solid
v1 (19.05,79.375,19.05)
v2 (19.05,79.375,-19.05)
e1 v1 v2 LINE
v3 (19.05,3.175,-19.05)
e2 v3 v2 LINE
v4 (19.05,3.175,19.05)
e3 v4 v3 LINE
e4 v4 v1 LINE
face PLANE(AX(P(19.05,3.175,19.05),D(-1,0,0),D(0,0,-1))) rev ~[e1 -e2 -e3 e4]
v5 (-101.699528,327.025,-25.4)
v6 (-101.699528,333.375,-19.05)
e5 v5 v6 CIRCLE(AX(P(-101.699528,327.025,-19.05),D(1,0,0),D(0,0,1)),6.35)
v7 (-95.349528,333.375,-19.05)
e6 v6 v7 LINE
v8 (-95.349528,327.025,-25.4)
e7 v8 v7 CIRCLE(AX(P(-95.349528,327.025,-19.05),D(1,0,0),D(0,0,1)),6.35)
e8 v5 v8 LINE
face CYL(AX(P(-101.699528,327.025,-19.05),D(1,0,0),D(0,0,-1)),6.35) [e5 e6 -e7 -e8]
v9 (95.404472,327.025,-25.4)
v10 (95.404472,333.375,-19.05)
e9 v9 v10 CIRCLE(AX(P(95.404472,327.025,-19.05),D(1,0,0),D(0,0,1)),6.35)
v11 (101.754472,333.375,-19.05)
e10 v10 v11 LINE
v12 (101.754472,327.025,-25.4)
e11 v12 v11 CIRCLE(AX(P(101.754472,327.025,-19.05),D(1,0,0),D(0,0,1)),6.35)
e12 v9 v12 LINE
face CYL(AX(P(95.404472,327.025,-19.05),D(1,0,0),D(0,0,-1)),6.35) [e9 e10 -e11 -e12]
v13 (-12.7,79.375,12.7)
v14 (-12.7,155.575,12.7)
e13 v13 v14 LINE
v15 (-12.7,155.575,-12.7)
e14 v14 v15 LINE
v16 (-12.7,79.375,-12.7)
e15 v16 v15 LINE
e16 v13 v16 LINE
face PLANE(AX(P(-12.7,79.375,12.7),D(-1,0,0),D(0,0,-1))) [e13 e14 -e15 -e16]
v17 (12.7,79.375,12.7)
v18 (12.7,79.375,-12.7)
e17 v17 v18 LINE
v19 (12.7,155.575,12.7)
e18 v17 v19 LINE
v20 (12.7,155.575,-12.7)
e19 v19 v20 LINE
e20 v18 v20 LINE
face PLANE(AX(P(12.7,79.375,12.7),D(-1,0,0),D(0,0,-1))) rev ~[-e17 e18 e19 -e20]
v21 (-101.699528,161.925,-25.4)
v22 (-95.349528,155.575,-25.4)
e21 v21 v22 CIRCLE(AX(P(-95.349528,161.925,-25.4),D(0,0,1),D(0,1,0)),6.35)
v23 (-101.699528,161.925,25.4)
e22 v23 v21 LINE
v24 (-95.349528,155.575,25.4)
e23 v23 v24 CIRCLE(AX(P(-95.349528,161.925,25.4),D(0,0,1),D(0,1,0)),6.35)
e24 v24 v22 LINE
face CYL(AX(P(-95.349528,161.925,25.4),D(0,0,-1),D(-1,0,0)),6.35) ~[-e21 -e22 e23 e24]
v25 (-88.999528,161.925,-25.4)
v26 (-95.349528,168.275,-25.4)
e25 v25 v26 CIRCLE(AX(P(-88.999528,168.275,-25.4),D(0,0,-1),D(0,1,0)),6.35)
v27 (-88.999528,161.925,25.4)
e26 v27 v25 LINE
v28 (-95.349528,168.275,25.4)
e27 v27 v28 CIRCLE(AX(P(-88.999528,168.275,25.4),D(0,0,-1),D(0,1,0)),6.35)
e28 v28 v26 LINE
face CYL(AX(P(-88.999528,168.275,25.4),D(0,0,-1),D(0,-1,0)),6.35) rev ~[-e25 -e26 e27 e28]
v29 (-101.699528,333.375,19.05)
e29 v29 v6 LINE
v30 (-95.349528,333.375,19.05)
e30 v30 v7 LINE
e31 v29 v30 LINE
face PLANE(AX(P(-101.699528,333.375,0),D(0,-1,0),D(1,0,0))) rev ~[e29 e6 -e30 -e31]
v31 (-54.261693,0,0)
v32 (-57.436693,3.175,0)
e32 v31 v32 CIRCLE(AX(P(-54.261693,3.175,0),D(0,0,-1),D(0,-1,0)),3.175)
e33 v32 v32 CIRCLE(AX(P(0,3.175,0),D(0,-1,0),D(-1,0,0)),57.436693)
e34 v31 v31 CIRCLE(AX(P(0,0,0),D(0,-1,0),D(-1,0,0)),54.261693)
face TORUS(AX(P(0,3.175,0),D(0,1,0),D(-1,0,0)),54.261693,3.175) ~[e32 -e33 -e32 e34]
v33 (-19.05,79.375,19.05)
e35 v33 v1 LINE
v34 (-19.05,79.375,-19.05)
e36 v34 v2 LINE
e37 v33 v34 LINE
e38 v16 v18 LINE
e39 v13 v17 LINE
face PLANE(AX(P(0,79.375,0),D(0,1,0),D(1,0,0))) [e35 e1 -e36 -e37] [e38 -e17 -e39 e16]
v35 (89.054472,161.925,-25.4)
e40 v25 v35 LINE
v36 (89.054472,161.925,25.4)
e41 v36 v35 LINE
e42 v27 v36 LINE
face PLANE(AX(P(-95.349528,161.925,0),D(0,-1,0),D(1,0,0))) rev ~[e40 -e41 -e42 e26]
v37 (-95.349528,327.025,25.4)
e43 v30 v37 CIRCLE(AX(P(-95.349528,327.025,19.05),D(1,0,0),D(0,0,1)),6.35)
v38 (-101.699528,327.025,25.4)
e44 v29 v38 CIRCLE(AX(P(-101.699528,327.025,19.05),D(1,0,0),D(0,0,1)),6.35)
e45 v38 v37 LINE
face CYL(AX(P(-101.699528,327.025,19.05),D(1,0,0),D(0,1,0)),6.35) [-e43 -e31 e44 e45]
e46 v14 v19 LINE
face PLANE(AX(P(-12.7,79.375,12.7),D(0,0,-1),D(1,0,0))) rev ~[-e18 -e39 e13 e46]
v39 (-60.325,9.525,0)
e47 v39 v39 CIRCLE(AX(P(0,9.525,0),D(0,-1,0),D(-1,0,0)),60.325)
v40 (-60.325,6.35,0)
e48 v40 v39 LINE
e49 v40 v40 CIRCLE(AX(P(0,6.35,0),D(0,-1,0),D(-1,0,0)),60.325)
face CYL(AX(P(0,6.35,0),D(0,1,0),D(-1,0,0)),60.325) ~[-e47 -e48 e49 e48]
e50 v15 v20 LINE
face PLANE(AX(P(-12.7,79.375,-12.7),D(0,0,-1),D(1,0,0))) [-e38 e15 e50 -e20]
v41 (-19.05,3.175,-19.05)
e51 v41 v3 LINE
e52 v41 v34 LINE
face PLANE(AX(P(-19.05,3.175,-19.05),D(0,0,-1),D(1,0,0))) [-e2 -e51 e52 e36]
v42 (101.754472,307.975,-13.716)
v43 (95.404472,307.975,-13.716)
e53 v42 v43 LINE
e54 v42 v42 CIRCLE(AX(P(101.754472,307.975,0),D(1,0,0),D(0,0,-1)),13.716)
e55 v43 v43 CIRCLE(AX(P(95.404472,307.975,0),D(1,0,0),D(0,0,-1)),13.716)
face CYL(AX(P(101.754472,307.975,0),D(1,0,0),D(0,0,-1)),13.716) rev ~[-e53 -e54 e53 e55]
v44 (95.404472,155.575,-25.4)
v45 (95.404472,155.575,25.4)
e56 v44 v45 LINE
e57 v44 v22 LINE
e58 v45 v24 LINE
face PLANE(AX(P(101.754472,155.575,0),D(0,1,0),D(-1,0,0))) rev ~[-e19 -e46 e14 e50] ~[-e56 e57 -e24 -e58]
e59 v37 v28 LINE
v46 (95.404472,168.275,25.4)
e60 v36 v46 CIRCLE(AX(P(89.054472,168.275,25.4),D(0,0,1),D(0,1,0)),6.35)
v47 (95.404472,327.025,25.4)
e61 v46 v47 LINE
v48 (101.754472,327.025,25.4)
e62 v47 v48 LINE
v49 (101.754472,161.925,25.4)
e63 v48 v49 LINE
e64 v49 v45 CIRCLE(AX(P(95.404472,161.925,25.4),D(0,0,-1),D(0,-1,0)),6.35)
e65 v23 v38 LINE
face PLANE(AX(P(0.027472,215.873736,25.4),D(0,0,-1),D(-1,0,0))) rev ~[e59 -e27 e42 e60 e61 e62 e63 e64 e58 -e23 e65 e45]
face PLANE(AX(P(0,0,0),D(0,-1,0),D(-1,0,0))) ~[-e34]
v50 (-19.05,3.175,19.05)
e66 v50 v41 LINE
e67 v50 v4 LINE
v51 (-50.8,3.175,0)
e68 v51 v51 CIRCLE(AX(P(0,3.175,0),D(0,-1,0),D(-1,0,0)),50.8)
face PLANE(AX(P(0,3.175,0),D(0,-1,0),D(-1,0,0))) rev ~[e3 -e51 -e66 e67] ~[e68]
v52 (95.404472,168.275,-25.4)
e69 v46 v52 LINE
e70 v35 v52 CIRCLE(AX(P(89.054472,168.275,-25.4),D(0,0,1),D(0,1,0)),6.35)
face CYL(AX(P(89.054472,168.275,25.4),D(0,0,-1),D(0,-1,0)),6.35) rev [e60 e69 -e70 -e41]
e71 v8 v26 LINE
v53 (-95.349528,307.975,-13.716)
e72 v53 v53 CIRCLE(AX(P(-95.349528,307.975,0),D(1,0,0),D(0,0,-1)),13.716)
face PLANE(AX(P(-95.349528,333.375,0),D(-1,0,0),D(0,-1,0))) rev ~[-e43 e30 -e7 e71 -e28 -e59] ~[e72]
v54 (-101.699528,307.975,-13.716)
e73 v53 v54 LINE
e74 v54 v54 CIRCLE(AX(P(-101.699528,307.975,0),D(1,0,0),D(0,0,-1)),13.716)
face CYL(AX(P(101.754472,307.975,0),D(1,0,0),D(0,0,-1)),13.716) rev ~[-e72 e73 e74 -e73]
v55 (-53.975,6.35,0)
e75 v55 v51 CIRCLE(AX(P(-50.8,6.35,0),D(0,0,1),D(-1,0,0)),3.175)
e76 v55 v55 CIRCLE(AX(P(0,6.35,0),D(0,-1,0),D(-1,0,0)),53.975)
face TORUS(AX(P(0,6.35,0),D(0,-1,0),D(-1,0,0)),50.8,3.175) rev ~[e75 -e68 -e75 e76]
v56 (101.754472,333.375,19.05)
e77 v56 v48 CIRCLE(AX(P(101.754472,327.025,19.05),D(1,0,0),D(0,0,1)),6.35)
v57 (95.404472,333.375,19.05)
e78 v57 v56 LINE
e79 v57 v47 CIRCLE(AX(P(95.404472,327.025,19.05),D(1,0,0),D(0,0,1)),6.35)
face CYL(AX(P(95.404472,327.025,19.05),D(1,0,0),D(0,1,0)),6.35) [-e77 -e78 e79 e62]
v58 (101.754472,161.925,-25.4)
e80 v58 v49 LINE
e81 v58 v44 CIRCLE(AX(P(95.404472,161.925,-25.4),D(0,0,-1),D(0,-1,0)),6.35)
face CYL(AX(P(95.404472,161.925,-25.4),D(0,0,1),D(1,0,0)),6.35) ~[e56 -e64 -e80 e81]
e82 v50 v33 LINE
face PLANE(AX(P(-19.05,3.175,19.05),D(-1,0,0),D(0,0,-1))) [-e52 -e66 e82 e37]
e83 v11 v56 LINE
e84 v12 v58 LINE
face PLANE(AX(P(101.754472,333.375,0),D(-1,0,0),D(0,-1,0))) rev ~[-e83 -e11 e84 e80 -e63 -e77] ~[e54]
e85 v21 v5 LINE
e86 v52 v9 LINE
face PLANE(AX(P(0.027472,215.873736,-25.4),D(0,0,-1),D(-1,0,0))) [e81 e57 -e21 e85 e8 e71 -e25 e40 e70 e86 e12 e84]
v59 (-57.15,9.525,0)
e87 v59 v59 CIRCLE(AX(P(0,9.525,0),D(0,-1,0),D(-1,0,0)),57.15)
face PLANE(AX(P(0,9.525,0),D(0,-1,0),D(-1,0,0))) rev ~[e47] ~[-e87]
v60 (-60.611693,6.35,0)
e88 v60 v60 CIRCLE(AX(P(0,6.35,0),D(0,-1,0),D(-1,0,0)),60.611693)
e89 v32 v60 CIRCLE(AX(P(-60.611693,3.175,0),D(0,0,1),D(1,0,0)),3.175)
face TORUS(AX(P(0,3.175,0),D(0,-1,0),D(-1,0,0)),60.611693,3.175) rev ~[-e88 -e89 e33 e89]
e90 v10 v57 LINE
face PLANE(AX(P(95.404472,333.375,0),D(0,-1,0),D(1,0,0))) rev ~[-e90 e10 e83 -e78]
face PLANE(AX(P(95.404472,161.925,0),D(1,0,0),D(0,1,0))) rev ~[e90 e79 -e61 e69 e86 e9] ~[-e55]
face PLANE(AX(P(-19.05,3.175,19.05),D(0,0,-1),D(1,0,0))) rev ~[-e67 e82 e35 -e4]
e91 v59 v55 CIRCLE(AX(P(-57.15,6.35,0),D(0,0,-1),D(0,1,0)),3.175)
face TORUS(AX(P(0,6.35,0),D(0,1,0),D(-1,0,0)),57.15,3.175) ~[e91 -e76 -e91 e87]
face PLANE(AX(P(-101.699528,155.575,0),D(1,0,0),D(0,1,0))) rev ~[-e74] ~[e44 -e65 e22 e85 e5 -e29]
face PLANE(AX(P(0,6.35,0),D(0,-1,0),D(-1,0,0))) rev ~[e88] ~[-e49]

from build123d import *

# Parameters (mm, degrees)
SKETCH3_W           = 38.1
SKETCH3_H           = 38.1
BOSS_EXTRUDE1_DEPTH = 76.2
SKETCH4_W           = 25.4
SKETCH4_H           = 25.4
BOSS_EXTRUDE2_DEPTH = 76.2
BOSS_EXTRUDE3_DEPTH = 25.4
FILLET1_R           = 6.35
FILLET2_R           = 6.35
FILLET3_R           = 6.35
FILLET4_R           = 6.35
SKETCH6_R           = 13.716
CUT_EXTRUDE1_DEPTH  = 396.229298103


with BuildPart() as part:
    # Sketch2 → Revolve1 (revolve)
    with BuildSketch(Plane.XY, mode=Mode.PRIVATE) as revolve1_sk:
        with BuildLine():
            Line((0, 0), (54.261693079, 0))
            ThreePointArc((54.261693079, 0), (56.506757109, 0.92993597), (57.436693079, 3.175))
            ThreePointArc((57.436693079, 3.175), (58.366629049, 5.42006403), (60.611693079, 6.35))
            Line((60.611693079, 6.35), (60.325, 6.35))
            Line((60.325, 6.35), (60.325, 9.525))
            Line((60.325, 9.525), (57.15, 9.525))
            ThreePointArc((57.15, 9.525), (54.90493597, 8.59506403), (53.975, 6.35))
            ThreePointArc((53.975, 6.35), (53.04506403, 4.10493597), (50.8, 3.175))
            Line((50.8, 3.175), (0, 3.175))
            Line((0, 3.175), (0, 0))
        make_face()
    revolve(revolve1_sk.sketch.rotate(Axis((0, 3.175, 0), (0, -1, 0)), 180), axis=Axis((0, 3.175, 0), (0, -1, 0)))

    # Sketch3 → Boss-Extrude1 (add)
    with BuildSketch(Plane(origin=(0, 3.175, 0), x_dir=(1, 0, 0), z_dir=(0, 1, 0))):
        Rectangle(SKETCH3_W, SKETCH3_H)
    extrude(amount=BOSS_EXTRUDE1_DEPTH)

    # Sketch4 → Boss-Extrude2 (add)
    with BuildSketch(Plane(origin=(0, 79.375, 0), x_dir=(1, 0, 0), z_dir=(0, 1, 0))):
        Rectangle(SKETCH4_W, SKETCH4_H)
    extrude(amount=BOSS_EXTRUDE2_DEPTH)

    # Sketch5 → Boss-Extrude3 (add, symmetric)
    with BuildSketch(Plane.XY):
        Polygon((101.754471665, 155.575), (-101.699528335, 155.575), (-101.699528335, 333.375), (-95.349528335, 333.375), (-95.349528335, 161.925), (95.404471665, 161.925), (95.404471665, 333.375), (101.754471665, 333.375), align=None)
    extrude(amount=BOSS_EXTRUDE3_DEPTH, both=True)

    # Fillet1
    fillet1_edges = [part.edges().sort_by_distance(p)[0] for p in [
        (95.404471665, 161.925, 0),
    ]]
    fillet(fillet1_edges, radius=FILLET1_R)

    # Fillet2
    fillet2_edges = [part.edges().sort_by_distance(p)[0] for p in [
        (-95.349528335, 161.925, 0),
    ]]
    fillet(fillet2_edges, radius=FILLET2_R)

    # Fillet3
    fillet3_edges = [part.edges().sort_by_distance(p)[0] for p in [
        (-101.699528335, 155.575, 0),
        (101.754471665, 155.575, 0),
    ]]
    fillet(fillet3_edges, radius=FILLET3_R)

    # Fillet4
    fillet4_edges = [part.edges().sort_by_distance(p)[0] for p in [
        (-98.524528335, 333.375, -25.4),
        (98.579471665, 333.375, -25.4),
        (-98.524528335, 333.375, 25.4),
        (98.579471665, 333.375, 25.4),
    ]]
    fillet(fillet4_edges, radius=FILLET4_R)

    # Sketch6 → Cut-Extrude1 (cut, through all)
    with BuildSketch(Plane(origin=(101.754471665, 0, 0), x_dir=(0, 0, -1), z_dir=(1, 0, 0))):
        with Locations((0, 307.975)):
            Circle(SKETCH6_R)
    extrude(amount=-CUT_EXTRUDE1_DEPTH, mode=Mode.SUBTRACT)


solid = part.part
